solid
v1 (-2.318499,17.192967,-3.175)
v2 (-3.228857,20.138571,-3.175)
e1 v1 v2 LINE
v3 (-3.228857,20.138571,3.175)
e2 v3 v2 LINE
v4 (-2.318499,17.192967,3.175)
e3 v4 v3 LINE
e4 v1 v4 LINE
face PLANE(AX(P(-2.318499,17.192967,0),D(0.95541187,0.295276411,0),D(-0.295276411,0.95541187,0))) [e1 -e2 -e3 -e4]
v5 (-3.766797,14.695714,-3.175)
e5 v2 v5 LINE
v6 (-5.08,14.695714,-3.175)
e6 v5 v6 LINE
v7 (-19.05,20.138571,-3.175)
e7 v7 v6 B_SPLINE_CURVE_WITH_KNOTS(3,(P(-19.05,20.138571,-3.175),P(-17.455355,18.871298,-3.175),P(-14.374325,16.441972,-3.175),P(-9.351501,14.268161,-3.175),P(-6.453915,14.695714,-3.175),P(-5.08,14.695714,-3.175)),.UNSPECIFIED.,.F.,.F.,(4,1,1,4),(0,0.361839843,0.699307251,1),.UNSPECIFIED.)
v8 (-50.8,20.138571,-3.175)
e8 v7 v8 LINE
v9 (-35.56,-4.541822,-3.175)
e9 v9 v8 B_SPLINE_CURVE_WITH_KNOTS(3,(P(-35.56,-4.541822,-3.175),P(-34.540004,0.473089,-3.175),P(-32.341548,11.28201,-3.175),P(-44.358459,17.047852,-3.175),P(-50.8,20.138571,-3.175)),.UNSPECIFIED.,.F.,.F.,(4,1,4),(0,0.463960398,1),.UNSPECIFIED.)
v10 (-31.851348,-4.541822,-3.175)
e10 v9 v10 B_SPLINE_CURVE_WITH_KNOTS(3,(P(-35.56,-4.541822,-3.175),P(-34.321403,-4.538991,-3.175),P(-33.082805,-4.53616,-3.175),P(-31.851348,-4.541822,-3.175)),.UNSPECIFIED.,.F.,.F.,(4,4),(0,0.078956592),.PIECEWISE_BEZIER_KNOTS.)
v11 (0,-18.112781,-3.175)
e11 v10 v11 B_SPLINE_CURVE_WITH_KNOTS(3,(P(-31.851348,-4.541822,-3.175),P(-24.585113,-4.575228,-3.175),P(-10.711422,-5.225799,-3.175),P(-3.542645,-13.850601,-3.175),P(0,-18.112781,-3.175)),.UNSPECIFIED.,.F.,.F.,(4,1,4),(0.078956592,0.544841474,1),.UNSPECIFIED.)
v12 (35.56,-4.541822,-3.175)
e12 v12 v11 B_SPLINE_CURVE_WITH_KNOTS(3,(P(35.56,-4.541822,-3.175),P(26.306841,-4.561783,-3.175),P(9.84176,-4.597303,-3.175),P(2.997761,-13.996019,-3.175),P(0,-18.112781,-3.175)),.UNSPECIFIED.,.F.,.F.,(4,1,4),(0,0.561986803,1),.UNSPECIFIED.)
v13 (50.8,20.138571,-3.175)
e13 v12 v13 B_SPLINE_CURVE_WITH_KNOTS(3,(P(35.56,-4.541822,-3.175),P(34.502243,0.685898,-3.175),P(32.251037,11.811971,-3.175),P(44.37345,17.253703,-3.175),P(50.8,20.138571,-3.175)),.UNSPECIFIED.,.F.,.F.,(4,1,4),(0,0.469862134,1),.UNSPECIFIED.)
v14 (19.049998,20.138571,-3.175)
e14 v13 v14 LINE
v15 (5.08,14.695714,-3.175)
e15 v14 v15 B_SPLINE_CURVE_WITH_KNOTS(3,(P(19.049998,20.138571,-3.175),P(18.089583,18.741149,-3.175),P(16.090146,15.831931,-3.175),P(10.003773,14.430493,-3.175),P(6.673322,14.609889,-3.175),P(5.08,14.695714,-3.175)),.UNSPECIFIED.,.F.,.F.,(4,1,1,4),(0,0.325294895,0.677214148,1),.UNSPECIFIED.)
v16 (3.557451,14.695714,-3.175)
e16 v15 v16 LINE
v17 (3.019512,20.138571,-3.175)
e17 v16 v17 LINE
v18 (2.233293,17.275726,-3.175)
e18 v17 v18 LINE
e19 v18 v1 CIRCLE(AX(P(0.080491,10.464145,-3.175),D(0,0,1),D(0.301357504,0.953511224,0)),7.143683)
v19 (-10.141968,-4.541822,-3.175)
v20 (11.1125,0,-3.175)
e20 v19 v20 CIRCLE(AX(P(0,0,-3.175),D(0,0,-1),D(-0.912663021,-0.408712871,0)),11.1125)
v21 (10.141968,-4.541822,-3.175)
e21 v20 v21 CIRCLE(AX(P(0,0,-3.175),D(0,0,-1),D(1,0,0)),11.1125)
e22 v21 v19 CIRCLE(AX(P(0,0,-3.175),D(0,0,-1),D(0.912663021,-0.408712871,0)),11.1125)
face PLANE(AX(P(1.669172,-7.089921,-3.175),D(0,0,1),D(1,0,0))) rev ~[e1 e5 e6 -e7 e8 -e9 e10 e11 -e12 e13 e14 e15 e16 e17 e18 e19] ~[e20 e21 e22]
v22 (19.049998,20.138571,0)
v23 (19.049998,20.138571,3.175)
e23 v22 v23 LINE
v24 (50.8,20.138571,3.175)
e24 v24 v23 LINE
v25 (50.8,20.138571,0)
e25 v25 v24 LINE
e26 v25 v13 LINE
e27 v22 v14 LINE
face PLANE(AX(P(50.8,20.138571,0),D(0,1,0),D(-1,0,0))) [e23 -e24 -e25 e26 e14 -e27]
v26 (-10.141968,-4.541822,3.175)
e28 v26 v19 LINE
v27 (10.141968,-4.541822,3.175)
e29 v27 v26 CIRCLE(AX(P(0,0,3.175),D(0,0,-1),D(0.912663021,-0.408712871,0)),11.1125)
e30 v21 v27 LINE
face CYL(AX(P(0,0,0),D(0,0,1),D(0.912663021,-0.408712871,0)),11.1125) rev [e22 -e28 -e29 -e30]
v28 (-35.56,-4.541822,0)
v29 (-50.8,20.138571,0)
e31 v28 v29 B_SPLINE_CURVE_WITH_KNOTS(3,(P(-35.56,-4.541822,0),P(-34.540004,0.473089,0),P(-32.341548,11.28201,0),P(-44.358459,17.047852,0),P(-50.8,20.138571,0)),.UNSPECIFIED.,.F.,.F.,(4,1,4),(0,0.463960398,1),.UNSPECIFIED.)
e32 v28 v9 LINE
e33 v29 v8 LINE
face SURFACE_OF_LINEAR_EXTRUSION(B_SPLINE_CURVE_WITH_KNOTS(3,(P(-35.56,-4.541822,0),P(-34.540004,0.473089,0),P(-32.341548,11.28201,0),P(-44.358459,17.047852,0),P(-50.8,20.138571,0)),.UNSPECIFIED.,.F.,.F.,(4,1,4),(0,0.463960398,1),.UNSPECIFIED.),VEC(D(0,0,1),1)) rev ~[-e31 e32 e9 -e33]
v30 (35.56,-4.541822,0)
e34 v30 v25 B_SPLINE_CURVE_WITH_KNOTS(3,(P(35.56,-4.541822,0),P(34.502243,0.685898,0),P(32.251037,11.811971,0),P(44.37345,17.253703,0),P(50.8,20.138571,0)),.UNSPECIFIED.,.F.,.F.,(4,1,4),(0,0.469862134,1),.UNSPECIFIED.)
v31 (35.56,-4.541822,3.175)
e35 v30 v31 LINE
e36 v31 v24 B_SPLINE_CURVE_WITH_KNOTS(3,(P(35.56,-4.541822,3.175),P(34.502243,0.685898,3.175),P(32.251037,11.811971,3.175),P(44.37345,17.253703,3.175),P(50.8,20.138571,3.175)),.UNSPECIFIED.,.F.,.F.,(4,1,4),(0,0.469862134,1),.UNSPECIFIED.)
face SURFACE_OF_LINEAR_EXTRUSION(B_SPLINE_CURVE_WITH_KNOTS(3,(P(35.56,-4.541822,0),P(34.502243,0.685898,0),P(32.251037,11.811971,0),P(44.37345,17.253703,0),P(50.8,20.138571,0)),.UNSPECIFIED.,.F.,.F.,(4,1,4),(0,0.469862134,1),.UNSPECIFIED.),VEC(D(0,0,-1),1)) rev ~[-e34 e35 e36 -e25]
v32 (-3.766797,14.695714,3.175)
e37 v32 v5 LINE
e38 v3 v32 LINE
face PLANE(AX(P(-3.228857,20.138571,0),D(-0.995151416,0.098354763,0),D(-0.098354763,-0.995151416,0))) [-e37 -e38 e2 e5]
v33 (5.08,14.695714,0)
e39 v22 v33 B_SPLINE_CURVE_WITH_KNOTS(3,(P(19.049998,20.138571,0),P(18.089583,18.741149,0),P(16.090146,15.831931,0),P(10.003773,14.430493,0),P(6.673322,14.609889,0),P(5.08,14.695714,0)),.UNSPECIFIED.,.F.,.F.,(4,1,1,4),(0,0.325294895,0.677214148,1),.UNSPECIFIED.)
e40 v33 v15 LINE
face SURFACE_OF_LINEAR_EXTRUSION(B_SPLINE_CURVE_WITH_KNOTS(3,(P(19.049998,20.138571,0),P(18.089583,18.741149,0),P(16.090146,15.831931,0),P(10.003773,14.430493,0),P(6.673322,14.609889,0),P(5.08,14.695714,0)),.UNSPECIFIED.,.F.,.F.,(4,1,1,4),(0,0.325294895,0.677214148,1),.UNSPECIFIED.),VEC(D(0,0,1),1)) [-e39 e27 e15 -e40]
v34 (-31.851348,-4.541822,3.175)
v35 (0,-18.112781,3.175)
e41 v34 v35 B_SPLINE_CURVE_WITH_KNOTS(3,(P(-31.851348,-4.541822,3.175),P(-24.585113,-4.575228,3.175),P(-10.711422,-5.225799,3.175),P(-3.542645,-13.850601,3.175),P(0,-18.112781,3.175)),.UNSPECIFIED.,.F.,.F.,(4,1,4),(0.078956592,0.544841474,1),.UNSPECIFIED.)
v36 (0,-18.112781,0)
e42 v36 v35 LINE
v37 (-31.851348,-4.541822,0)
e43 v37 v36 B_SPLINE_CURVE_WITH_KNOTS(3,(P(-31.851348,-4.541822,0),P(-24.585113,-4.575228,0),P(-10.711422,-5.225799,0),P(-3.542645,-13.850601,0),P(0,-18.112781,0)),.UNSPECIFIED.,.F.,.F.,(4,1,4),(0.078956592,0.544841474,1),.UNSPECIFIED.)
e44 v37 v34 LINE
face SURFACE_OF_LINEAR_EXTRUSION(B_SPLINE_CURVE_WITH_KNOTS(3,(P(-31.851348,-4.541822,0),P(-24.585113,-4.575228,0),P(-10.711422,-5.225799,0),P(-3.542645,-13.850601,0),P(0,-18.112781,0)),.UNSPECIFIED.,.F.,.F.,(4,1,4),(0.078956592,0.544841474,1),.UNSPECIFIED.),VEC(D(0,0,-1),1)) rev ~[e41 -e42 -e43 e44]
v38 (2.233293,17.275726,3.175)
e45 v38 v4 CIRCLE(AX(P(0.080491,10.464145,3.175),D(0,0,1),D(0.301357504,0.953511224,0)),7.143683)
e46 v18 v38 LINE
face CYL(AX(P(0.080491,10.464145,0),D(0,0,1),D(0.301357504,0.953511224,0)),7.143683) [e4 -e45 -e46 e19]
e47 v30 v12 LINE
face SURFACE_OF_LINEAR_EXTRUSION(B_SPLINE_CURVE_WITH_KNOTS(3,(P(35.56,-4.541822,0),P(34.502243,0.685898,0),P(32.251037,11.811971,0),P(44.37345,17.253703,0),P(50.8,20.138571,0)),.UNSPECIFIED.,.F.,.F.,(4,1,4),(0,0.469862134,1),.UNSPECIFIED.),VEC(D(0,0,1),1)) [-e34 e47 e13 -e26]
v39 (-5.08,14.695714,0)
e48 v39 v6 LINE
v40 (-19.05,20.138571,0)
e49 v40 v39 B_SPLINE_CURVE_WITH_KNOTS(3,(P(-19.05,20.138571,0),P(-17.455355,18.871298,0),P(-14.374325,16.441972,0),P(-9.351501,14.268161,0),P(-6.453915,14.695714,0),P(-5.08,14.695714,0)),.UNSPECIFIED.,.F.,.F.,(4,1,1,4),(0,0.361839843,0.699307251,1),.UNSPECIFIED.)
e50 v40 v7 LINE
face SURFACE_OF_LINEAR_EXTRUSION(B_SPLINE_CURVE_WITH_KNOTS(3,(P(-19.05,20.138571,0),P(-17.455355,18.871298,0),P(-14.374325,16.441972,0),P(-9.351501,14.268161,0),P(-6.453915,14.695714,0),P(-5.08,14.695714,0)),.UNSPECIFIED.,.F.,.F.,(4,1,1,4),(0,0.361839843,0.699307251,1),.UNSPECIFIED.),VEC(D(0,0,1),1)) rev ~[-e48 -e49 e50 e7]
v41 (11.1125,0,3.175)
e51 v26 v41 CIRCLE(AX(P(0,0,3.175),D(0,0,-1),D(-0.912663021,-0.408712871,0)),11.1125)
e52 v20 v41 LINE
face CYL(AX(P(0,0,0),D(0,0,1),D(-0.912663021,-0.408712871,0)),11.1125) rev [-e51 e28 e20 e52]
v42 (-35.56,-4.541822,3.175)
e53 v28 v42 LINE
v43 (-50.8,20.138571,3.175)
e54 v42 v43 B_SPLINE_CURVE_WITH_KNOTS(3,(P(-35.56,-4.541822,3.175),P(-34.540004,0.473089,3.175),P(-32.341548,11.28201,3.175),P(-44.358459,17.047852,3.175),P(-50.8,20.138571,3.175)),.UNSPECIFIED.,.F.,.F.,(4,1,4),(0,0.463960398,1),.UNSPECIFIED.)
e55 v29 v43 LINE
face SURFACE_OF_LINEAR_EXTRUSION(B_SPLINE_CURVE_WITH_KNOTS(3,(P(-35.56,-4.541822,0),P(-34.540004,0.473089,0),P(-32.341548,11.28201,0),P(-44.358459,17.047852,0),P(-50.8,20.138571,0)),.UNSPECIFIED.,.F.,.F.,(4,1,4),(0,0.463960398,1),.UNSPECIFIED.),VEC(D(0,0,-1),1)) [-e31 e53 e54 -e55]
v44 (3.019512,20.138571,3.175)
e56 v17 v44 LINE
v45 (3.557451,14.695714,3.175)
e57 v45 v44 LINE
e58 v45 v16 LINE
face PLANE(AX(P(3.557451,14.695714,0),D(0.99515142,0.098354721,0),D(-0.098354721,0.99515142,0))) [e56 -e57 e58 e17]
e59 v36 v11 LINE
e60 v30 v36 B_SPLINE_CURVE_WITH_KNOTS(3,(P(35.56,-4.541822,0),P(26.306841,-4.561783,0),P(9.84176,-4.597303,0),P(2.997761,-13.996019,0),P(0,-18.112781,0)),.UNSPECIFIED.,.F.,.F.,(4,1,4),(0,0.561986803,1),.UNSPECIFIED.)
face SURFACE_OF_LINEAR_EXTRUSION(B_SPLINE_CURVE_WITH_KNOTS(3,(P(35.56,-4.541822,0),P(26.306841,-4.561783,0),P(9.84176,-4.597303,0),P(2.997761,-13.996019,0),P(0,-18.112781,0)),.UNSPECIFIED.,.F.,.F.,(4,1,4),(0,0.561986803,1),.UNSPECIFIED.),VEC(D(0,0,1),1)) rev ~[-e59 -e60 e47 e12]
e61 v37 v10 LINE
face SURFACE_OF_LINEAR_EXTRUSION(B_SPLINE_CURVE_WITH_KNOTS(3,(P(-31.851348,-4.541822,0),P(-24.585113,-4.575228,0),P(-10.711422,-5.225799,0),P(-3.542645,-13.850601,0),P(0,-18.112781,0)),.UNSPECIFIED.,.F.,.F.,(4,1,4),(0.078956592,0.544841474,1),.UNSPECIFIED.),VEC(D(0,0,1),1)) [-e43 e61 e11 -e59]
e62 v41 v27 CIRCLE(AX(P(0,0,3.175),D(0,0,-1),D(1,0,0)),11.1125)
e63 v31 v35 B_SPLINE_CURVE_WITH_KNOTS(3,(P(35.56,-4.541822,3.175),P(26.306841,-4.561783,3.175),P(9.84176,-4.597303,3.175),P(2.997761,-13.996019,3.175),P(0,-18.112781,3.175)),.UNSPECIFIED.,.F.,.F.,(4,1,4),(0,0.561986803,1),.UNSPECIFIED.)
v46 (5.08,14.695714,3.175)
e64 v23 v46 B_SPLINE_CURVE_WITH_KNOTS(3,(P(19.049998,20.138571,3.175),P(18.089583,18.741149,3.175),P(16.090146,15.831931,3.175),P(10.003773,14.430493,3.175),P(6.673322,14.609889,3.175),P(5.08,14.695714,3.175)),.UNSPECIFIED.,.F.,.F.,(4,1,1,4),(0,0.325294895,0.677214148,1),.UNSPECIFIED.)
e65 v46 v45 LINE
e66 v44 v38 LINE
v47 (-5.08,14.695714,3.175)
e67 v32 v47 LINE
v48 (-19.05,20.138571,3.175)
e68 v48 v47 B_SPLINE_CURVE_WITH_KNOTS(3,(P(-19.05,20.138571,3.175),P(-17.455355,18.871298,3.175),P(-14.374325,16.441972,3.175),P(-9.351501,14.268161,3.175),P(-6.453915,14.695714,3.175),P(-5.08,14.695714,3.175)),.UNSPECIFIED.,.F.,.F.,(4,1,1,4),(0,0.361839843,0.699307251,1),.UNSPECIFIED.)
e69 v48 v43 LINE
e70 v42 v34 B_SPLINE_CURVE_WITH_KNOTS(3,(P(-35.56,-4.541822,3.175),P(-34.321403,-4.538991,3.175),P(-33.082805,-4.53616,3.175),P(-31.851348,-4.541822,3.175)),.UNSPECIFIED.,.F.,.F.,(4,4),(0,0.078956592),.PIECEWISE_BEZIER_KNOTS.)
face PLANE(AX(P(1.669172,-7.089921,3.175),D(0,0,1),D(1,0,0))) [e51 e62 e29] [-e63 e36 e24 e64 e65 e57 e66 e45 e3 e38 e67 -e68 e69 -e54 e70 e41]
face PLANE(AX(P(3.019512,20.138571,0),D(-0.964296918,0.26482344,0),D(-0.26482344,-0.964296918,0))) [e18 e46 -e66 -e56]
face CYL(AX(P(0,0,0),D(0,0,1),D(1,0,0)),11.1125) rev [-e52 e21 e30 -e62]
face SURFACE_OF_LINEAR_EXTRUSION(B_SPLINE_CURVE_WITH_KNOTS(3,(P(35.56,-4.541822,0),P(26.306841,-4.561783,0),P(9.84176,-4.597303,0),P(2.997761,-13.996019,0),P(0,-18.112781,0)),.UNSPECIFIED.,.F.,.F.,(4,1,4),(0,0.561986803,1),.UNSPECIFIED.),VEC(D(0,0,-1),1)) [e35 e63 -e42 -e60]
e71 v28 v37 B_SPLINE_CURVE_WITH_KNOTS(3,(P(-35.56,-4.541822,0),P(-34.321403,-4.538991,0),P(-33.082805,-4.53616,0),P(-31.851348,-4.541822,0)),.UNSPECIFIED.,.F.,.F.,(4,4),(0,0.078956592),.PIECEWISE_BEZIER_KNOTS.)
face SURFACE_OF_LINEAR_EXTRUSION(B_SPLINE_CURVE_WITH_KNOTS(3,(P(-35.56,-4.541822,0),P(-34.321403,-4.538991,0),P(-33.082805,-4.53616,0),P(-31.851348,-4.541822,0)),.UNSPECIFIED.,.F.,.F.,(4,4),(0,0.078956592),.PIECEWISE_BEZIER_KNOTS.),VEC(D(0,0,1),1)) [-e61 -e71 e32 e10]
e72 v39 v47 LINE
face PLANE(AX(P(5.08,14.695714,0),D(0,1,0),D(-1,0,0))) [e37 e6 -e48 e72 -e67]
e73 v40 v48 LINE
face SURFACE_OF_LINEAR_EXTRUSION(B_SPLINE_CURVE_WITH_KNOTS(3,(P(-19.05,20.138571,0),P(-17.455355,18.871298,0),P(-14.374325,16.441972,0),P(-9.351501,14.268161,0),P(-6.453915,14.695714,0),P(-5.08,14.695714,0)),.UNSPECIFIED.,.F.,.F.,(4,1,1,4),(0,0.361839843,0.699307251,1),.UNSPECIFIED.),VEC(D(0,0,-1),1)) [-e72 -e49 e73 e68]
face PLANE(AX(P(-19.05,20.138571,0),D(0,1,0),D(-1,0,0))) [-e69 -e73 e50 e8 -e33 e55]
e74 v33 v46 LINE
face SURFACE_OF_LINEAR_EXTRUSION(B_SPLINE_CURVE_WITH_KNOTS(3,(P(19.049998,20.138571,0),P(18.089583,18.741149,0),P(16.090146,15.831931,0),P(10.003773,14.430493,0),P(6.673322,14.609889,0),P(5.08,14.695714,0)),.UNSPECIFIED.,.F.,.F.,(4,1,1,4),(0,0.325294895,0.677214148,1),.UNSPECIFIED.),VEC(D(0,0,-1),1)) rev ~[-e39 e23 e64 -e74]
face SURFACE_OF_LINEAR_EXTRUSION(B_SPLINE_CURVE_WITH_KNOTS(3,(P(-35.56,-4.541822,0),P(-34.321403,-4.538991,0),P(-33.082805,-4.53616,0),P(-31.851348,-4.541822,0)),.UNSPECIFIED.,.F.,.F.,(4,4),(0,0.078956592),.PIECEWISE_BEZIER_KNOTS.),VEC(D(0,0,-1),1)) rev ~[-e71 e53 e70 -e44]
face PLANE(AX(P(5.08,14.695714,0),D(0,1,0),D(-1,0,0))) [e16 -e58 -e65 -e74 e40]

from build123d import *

# Parameters (mm, degrees)
F1_DEPTH = 3.175
F2_DEPTH = 3.175
F3_DEPTH = 3.175


with BuildPart() as f1:
    # F0 (on Top) → F1 (new body, symmetric)
    with BuildSketch(Plane.XY):
        with BuildLine():
            Line((3.5574508365, 14.6957142279), (3.0195119325, 20.1385710388))
            Line((3.0195119325, 20.1385710388), (2.2332931403, 17.2757264227))
            ThreePointArc((2.2332931403, 17.2757264227), (-0.0493719254, 17.6066470309), (-2.3184989113, 17.192967236))
            Line((-2.3184989113, 17.192967236), (-3.2288574148, 20.1385710388))
            Line((-3.2288574148, 20.1385710388), (-3.7667965516, 14.6957142279))
            Line((-3.7667965516, 14.6957142279), (0, 14.6957142279))
            Line((0, 14.6957142279), (3.5574508365, 14.6957142279))
        make_face()
    extrude(amount=F1_DEPTH, both=True)

    # F0 (on Top) → F2 (join, symmetric)
    with BuildSketch(Plane.XY):
        with BuildLine():
            ThreePointArc((-10.1419678164, -4.5418217778), (-2.3221798908, 10.8671586353), (11.1125, 0))
            ThreePointArc((11.1125, 0), (10.8671586353, -2.3221798908), (10.1419678164, -4.5418217778))
            Line((10.1419678164, -4.5418217778), (35.56, -4.5418217778))
            add(Edge.make_bspline(
                [(35.56, -4.5418217778), (34.5022433012, 0.685898413), (32.2510367822, 11.8119709643), (44.3734498201, 17.2537028886), (50.8, 20.1385710388)],
                knots=[0, 0, 0, 0, 0.4698621339, 1, 1, 1, 1], degree=3))
            Line((50.8, 20.1385710388), (19.0499983728, 20.1385710388))
            add(Edge.make_bspline(
                [(19.0499983728, 20.1385710388), (18.0895831514, 18.7411490827), (16.0901457627, 15.8319306064), (10.0037733963, 14.4304926081), (6.6733221038, 14.6098891024), (5.08, 14.6957142279)],
                knots=[0, 0, 0, 0, 0.3252948954, 0.6772141484, 1, 1, 1, 1], degree=3))
            Line((5.08, 14.6957142279), (3.5574508365, 14.6957142279))
            Line((3.5574508365, 14.6957142279), (0, 14.6957142279))
            Line((0, 14.6957142279), (-3.7667965516, 14.6957142279))
            Line((-3.7667965516, 14.6957142279), (-5.08, 14.6957142279))
            add(Edge.make_bspline(
                [(-19.0500002354, 20.1385710388), (-17.4553554852, 18.8712979526), (-14.3743253141, 16.4419723526), (-9.3515014369, 14.268160703), (-6.4539154458, 14.6957142279), (-5.08, 14.6957142279)],
                knots=[0, 0, 0, 0, 0.3618398429, 0.6993072509, 1, 1, 1, 1], degree=3))
            Line((-19.0500002354, 20.1385710388), (-50.8, 20.1385710388))
            add(Edge.make_bspline(
                [(-35.56, -4.5418217778), (-34.540003535, 0.4730892703), (-32.3415476577, 11.2820097384), (-44.3584594123, 17.0478515123), (-50.8, 20.1385710388)],
                knots=[0, 0, 0, 0, 0.4639603985, 1, 1, 1, 1], degree=3))
            add(Edge.make_bspline(
                [(-35.56, -4.5418217778), (-34.3214025644, -4.538991022), (-33.0828051288, -4.5361602663), (-31.8513481835, -4.5418217778)],
                knots=[0, 0, 0, 0, 0.0789565916, 0.0789565916, 0.0789565916, 0.0789565916], degree=3))
            Line((-31.8513481835, -4.5418217778), (-10.1419678164, -4.5418217778))
        make_face()
    extrude(amount=F2_DEPTH, both=True)

    # F0 (on Top) → F3 (join, symmetric)
    with BuildSketch(Plane.XY):
        with BuildLine():
            ThreePointArc((10.1419678164, -4.5418217778), (0, -11.1125), (-10.1419678164, -4.5418217778))
            Line((-10.1419678164, -4.5418217778), (-31.8513481835, -4.5418217778))
            add(Edge.make_bspline(
                [(-31.8513481835, -4.5418217778), (-24.5851128605, -4.5752276353), (-10.7114219287, -5.2257985904), (-3.5426450812, -13.8506010071), (0, -18.1127805263)],
                knots=[0.0789565916, 0.0789565916, 0.0789565916, 0.0789565916, 0.5448414744, 1, 1, 1, 1], degree=3))
            add(Edge.make_bspline(
                [(35.56, -4.5418217778), (26.3068413271, -4.5617834301), (9.8417595326, -4.5973032185), (2.9977614729, -13.9960189831), (0, -18.1127805263)],
                knots=[0, 0, 0, 0, 0.5619868026, 1, 1, 1, 1], degree=3))
            Line((35.56, -4.5418217778), (10.1419678164, -4.5418217778))
        make_face()
    extrude(amount=F3_DEPTH, both=True)


solid = f1.part
